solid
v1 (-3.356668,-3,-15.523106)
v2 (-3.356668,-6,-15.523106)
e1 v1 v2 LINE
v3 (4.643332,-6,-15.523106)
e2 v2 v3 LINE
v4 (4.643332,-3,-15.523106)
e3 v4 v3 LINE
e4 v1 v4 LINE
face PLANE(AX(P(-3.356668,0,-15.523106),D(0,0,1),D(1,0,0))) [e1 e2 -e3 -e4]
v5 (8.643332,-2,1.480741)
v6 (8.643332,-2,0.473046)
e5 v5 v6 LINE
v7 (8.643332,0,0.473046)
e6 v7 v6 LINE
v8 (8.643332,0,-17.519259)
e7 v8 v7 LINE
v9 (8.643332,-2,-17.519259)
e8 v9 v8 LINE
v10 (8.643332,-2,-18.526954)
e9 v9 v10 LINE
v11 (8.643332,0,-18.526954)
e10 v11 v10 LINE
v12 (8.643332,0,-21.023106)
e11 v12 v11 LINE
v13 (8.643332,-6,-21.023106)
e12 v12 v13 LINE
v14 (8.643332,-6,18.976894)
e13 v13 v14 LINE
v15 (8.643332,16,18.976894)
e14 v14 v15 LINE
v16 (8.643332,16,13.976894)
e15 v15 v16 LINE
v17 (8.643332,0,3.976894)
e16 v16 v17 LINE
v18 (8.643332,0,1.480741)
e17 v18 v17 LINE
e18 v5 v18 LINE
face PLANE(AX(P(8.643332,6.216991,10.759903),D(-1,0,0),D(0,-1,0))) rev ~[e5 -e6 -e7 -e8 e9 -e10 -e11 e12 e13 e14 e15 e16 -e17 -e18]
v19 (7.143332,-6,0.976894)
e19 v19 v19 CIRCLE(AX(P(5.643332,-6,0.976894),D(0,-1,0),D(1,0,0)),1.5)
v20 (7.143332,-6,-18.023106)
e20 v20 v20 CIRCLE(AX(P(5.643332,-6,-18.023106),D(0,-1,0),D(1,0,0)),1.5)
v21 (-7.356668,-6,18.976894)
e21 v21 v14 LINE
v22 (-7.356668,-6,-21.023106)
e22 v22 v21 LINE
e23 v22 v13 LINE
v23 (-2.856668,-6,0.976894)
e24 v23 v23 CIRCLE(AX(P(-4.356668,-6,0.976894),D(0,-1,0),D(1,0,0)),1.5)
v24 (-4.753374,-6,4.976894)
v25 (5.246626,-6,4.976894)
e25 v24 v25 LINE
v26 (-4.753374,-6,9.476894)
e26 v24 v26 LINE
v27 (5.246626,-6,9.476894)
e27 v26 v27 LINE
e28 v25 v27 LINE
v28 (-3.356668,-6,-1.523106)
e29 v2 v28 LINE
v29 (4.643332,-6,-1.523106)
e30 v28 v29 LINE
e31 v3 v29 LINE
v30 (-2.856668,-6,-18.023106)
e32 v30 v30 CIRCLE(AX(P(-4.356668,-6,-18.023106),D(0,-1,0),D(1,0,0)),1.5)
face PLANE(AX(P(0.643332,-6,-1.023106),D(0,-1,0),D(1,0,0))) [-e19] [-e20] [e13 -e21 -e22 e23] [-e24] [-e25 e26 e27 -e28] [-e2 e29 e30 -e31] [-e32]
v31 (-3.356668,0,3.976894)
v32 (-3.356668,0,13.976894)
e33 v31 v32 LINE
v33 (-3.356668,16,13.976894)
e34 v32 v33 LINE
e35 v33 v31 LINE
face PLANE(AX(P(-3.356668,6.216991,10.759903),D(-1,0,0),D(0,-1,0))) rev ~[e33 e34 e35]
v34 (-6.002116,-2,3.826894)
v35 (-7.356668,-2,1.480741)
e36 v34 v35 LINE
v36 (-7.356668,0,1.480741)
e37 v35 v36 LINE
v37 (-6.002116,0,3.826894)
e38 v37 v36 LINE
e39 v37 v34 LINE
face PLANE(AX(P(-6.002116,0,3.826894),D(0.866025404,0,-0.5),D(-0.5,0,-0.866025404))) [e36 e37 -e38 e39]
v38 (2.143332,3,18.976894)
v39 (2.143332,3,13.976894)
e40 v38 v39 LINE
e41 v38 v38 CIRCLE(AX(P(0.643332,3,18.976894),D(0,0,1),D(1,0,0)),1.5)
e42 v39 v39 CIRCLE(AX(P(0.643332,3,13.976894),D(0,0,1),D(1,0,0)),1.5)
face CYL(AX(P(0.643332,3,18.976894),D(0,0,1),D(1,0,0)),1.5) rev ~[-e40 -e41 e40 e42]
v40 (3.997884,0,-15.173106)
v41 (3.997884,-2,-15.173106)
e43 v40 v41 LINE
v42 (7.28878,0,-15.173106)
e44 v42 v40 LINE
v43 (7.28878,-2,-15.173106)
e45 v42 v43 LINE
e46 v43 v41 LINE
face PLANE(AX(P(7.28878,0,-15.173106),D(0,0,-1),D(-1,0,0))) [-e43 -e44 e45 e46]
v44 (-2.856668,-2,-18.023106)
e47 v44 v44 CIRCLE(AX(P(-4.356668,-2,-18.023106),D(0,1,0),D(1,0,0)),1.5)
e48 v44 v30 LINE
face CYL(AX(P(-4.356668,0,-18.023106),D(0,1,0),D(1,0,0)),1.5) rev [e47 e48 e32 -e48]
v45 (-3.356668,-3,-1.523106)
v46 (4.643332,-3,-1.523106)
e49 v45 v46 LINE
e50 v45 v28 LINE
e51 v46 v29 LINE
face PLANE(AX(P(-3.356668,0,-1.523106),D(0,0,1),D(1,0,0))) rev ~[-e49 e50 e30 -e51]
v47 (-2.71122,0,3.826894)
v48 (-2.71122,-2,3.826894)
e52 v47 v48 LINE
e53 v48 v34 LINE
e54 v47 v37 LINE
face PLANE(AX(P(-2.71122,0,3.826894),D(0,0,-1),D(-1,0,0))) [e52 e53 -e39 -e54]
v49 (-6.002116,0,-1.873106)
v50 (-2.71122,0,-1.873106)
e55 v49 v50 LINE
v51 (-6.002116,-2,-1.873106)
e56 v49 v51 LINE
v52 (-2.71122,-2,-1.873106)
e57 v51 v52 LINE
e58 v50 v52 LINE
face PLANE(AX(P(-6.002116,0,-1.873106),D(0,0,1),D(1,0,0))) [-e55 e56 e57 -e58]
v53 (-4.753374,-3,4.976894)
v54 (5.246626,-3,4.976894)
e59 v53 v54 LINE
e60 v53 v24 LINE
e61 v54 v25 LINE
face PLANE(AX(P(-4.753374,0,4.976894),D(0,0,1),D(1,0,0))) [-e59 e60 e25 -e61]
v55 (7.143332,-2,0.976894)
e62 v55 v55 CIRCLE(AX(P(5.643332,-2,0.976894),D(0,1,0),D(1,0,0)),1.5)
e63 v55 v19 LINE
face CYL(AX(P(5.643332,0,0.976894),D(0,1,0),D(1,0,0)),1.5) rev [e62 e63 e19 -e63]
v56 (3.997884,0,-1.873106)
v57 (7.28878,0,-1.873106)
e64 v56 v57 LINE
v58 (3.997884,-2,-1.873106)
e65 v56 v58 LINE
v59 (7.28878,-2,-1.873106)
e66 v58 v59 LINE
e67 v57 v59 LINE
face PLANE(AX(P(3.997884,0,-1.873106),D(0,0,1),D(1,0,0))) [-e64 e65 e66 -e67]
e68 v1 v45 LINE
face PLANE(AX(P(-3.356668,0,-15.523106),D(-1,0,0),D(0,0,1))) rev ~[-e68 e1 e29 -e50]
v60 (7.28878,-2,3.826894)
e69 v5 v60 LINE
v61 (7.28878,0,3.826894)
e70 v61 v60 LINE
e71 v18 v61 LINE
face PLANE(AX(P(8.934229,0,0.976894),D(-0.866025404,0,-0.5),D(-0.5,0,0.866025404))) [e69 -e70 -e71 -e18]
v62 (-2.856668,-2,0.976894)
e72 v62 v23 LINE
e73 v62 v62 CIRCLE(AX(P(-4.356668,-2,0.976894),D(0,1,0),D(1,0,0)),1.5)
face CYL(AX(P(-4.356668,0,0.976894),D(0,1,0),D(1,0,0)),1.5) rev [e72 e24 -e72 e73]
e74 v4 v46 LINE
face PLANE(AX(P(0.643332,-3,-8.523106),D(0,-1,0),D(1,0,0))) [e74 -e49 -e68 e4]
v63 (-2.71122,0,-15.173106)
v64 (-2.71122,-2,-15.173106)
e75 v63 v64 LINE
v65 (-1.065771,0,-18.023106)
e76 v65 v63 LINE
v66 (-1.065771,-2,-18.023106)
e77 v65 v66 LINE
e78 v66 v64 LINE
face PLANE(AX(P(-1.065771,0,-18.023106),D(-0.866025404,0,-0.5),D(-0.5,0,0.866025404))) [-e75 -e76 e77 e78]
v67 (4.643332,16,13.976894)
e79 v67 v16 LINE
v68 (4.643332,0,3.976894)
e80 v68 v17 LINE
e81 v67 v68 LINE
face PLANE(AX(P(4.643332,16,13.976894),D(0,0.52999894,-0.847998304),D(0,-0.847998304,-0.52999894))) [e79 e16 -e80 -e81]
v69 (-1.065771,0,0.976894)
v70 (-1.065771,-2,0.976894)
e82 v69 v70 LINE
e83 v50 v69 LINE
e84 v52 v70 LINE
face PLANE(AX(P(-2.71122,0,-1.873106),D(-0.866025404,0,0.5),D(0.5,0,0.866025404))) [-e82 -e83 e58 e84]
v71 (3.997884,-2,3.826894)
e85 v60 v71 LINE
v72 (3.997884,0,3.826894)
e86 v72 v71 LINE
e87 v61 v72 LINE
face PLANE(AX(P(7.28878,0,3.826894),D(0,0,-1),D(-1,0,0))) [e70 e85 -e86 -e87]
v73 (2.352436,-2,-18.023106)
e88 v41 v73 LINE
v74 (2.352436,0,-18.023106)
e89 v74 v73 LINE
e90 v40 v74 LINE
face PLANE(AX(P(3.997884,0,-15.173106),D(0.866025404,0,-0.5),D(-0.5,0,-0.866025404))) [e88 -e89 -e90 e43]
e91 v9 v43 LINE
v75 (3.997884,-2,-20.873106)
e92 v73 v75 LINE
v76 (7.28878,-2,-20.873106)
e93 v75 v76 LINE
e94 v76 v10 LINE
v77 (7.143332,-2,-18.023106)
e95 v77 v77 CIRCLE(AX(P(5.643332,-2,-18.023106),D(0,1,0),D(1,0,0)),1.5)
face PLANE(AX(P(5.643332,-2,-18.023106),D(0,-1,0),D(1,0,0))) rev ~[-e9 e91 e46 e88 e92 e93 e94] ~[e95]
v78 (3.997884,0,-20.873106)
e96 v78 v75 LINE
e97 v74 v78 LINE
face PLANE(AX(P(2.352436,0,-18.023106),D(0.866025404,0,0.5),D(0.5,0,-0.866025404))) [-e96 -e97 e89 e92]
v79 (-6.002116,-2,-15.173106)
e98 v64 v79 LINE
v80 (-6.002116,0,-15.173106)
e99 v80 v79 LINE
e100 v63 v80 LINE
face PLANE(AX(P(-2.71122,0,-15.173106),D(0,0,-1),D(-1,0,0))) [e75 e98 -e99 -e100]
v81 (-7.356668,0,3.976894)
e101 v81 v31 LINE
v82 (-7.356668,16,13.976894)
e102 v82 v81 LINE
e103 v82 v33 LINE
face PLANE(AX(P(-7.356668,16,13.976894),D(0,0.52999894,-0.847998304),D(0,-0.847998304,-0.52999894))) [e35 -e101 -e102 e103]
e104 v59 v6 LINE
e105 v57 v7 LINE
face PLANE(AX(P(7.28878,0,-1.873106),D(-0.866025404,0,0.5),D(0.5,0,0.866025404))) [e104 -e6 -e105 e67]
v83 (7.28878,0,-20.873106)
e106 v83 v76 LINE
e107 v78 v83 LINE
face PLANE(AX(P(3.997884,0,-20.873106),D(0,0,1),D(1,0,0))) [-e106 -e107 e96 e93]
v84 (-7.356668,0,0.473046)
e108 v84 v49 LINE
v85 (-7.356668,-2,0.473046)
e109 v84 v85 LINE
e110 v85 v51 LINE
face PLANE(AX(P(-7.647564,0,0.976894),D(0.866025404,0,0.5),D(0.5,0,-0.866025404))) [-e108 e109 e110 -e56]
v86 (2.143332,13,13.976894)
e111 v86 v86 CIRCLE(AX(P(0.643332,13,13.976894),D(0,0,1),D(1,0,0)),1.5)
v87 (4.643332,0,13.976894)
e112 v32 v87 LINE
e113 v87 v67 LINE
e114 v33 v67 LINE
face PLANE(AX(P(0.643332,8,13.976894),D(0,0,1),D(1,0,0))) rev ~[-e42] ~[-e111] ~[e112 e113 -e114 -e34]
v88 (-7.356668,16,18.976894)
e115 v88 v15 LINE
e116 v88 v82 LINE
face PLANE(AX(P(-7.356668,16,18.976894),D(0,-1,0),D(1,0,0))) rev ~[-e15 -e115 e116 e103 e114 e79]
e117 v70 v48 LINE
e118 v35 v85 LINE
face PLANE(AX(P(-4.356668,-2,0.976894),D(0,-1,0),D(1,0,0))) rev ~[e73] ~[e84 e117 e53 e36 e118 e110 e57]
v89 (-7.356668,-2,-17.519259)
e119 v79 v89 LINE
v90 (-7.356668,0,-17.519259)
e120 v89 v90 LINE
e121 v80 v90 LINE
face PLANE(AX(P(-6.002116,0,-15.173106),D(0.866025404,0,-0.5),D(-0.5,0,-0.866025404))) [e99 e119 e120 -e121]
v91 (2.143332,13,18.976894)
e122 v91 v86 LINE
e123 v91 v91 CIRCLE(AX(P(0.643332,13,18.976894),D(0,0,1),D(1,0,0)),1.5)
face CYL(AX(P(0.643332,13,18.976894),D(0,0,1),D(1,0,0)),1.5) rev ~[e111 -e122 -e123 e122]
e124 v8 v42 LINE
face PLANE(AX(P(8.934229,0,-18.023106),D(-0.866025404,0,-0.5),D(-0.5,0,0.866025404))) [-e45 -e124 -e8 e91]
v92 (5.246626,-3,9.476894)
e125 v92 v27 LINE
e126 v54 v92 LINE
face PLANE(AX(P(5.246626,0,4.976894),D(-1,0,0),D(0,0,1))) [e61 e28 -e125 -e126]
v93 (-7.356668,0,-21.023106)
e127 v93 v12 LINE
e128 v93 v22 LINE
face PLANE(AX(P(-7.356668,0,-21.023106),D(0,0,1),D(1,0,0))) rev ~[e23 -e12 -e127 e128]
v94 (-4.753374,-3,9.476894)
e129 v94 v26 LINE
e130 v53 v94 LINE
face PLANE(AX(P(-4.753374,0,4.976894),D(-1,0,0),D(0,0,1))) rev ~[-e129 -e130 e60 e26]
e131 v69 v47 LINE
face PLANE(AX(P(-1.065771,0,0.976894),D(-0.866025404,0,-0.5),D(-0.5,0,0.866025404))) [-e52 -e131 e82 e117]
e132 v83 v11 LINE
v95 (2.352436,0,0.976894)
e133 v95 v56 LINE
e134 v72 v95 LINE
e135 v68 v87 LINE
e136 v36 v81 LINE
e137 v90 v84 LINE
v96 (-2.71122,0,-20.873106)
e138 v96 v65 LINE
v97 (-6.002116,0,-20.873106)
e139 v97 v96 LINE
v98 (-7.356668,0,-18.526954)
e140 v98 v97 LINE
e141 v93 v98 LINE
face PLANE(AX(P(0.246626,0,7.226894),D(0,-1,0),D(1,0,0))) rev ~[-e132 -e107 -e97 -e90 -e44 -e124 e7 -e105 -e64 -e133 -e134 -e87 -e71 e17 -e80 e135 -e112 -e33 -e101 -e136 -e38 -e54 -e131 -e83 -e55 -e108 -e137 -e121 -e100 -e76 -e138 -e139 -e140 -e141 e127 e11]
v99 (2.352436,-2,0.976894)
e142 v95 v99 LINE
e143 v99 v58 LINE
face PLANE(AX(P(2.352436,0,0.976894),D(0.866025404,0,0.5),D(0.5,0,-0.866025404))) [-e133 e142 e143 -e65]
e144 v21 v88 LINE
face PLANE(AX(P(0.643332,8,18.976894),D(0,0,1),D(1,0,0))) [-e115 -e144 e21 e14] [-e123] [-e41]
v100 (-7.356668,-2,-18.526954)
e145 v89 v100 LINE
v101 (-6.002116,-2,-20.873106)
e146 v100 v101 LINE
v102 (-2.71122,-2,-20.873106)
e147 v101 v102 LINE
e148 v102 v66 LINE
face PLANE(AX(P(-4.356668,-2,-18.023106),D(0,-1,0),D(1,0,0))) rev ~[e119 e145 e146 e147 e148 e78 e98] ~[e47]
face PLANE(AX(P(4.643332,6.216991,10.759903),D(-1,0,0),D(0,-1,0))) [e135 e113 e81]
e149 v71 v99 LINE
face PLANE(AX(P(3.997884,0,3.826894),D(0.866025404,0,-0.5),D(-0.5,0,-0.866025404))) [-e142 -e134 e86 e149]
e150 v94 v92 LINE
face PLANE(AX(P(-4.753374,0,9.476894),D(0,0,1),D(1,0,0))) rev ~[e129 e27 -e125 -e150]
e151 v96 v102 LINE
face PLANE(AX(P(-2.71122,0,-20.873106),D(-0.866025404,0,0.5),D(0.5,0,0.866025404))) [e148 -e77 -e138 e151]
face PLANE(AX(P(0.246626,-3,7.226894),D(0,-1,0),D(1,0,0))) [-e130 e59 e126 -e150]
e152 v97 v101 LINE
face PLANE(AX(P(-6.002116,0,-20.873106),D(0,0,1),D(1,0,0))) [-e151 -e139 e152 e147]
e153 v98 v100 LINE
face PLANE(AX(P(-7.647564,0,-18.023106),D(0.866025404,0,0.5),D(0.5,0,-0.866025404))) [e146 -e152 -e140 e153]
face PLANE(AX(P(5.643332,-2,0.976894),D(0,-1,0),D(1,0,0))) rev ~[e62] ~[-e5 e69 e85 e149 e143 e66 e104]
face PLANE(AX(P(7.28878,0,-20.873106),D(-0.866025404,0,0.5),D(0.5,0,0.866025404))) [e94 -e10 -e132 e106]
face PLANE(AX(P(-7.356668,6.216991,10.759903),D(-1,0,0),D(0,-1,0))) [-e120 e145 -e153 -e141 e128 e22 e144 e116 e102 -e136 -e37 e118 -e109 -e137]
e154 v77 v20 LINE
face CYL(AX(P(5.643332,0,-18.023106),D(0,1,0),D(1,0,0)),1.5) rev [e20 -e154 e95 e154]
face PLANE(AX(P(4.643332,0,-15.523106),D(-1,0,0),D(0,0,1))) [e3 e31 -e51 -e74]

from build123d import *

# Parameters (mm, degrees)
F0_W      = 16
F0_H      = 40
F0_R      = 1.5
F0_W_2    = 8
F0_H_2    = 14
F0_W_3    = 10
F0_H_3    = 4.5
F1_DEPTH  = 6
F2_DEPTH  = 3
F3_W      = 16
F3_H      = 16
F3_R      = 1.5
F4_DEPTH  = 5
F7_DEPTH  = 2
F9_DEPTH  = 4
F10_START = -12
F10_DEPTH = 4


with BuildPart() as f1:
    # F0 (on Front) → F1 (new body)
    with BuildSketch(Plane.XZ):
        with Locations((0.6433322058, -1.0231063997)):
            Rectangle(F0_W, F0_H)
        with Locations((-4.3566677942, -18.0231063997)):
            Circle(F0_R, mode=Mode.SUBTRACT)
        with Locations((0.6433322058, -8.5231063997)):
            Rectangle(F0_W_2, F0_H_2, mode=Mode.SUBTRACT)
        with Locations((5.6433322058, -18.0231063997)):
            Circle(F0_R, mode=Mode.SUBTRACT)
        with Locations((-4.3566677942, 0.9768936003)):
            Circle(F0_R, mode=Mode.SUBTRACT)
        with Locations((0.246625971, 7.2268936003)):
            Rectangle(F0_W_3, F0_H_3, mode=Mode.SUBTRACT)
        with Locations((5.6433322058, 0.9768936003)):
            Circle(F0_R, mode=Mode.SUBTRACT)
    extrude(amount=F1_DEPTH)

    # F0 (on Front) → F2 (join)
    with BuildSketch(Plane.XZ):
        with Locations((0.246625971, 7.2268936003)):
            Rectangle(F0_W_3, F0_H_3)
        with Locations((0.6433322058, -8.5231063997)):
            Rectangle(F0_W_2, F0_H_2)
    extrude(amount=F2_DEPTH)

    # F3 (on face) → F4 (join)
    with BuildSketch(Plane.XY.offset(18.9768936003)):
        with Locations((0.6433322058, 8)):
            Rectangle(F3_W, F3_H)
        with Locations((0.6433322058, 3)):
            Circle(F3_R, mode=Mode.SUBTRACT)
        with Locations((0.6433322058, 13)):
            Circle(F3_R, mode=Mode.SUBTRACT)
    extrude(amount=-F4_DEPTH)

    # F6 (on face) → F7 (cut)
    with BuildSketch(Plane.XZ):
        Polygon((7.288780473, 3.8268936003), (3.9978839386, 3.8268936003), (2.3524356714, 0.9768936003), (3.9978839386, -1.8731063997), (7.288780473, -1.8731063997), (8.9342287402, 0.9768936003), align=None)
        Polygon((-2.711219527, 3.8268936003), (-6.0021160614, 3.8268936003), (-7.6475643286, 0.9768936003), (-6.0021160614, -1.8731063997), (-2.711219527, -1.8731063997), (-1.0657712598, 0.9768936003), align=None)
        Polygon((-2.711219527, -15.1731063997), (-6.0021160614, -15.1731063997), (-7.6475643286, -18.0231063997), (-6.0021160614, -20.8731063997), (-2.711219527, -20.8731063997), (-1.0657712598, -18.0231063997), align=None)
        Polygon((7.288780473, -15.1731063997), (3.9978839386, -15.1731063997), (2.3524356714, -18.0231063997), (3.9978839386, -20.8731063997), (7.288780473, -20.8731063997), (8.9342287402, -18.0231063997), align=None)
    extrude(amount=F7_DEPTH, mode=Mode.SUBTRACT)

    # F8 (on face) → F9 (join)
    with BuildSketch(Plane(origin=(-7.3566677942, 0, 0), x_dir=(0, -1, 0), z_dir=(-1, 0, 0))):
        Polygon((-16, 13.9768936003), (0, 3.9768936003), (0, 13.9768936003), align=None)
    extrude(amount=-F9_DEPTH)

    # F8 (on face) → F10 (join)
    with BuildSketch(Plane(origin=(-7.3566677942, 0, 0), x_dir=(0, -1, 0), z_dir=(-1, 0, 0)).offset(F10_START)):
        Polygon((-16, 13.9768936003), (0, 3.9768936003), (0, 13.9768936003), align=None)
    extrude(amount=-F10_DEPTH)


solid = f1.part
